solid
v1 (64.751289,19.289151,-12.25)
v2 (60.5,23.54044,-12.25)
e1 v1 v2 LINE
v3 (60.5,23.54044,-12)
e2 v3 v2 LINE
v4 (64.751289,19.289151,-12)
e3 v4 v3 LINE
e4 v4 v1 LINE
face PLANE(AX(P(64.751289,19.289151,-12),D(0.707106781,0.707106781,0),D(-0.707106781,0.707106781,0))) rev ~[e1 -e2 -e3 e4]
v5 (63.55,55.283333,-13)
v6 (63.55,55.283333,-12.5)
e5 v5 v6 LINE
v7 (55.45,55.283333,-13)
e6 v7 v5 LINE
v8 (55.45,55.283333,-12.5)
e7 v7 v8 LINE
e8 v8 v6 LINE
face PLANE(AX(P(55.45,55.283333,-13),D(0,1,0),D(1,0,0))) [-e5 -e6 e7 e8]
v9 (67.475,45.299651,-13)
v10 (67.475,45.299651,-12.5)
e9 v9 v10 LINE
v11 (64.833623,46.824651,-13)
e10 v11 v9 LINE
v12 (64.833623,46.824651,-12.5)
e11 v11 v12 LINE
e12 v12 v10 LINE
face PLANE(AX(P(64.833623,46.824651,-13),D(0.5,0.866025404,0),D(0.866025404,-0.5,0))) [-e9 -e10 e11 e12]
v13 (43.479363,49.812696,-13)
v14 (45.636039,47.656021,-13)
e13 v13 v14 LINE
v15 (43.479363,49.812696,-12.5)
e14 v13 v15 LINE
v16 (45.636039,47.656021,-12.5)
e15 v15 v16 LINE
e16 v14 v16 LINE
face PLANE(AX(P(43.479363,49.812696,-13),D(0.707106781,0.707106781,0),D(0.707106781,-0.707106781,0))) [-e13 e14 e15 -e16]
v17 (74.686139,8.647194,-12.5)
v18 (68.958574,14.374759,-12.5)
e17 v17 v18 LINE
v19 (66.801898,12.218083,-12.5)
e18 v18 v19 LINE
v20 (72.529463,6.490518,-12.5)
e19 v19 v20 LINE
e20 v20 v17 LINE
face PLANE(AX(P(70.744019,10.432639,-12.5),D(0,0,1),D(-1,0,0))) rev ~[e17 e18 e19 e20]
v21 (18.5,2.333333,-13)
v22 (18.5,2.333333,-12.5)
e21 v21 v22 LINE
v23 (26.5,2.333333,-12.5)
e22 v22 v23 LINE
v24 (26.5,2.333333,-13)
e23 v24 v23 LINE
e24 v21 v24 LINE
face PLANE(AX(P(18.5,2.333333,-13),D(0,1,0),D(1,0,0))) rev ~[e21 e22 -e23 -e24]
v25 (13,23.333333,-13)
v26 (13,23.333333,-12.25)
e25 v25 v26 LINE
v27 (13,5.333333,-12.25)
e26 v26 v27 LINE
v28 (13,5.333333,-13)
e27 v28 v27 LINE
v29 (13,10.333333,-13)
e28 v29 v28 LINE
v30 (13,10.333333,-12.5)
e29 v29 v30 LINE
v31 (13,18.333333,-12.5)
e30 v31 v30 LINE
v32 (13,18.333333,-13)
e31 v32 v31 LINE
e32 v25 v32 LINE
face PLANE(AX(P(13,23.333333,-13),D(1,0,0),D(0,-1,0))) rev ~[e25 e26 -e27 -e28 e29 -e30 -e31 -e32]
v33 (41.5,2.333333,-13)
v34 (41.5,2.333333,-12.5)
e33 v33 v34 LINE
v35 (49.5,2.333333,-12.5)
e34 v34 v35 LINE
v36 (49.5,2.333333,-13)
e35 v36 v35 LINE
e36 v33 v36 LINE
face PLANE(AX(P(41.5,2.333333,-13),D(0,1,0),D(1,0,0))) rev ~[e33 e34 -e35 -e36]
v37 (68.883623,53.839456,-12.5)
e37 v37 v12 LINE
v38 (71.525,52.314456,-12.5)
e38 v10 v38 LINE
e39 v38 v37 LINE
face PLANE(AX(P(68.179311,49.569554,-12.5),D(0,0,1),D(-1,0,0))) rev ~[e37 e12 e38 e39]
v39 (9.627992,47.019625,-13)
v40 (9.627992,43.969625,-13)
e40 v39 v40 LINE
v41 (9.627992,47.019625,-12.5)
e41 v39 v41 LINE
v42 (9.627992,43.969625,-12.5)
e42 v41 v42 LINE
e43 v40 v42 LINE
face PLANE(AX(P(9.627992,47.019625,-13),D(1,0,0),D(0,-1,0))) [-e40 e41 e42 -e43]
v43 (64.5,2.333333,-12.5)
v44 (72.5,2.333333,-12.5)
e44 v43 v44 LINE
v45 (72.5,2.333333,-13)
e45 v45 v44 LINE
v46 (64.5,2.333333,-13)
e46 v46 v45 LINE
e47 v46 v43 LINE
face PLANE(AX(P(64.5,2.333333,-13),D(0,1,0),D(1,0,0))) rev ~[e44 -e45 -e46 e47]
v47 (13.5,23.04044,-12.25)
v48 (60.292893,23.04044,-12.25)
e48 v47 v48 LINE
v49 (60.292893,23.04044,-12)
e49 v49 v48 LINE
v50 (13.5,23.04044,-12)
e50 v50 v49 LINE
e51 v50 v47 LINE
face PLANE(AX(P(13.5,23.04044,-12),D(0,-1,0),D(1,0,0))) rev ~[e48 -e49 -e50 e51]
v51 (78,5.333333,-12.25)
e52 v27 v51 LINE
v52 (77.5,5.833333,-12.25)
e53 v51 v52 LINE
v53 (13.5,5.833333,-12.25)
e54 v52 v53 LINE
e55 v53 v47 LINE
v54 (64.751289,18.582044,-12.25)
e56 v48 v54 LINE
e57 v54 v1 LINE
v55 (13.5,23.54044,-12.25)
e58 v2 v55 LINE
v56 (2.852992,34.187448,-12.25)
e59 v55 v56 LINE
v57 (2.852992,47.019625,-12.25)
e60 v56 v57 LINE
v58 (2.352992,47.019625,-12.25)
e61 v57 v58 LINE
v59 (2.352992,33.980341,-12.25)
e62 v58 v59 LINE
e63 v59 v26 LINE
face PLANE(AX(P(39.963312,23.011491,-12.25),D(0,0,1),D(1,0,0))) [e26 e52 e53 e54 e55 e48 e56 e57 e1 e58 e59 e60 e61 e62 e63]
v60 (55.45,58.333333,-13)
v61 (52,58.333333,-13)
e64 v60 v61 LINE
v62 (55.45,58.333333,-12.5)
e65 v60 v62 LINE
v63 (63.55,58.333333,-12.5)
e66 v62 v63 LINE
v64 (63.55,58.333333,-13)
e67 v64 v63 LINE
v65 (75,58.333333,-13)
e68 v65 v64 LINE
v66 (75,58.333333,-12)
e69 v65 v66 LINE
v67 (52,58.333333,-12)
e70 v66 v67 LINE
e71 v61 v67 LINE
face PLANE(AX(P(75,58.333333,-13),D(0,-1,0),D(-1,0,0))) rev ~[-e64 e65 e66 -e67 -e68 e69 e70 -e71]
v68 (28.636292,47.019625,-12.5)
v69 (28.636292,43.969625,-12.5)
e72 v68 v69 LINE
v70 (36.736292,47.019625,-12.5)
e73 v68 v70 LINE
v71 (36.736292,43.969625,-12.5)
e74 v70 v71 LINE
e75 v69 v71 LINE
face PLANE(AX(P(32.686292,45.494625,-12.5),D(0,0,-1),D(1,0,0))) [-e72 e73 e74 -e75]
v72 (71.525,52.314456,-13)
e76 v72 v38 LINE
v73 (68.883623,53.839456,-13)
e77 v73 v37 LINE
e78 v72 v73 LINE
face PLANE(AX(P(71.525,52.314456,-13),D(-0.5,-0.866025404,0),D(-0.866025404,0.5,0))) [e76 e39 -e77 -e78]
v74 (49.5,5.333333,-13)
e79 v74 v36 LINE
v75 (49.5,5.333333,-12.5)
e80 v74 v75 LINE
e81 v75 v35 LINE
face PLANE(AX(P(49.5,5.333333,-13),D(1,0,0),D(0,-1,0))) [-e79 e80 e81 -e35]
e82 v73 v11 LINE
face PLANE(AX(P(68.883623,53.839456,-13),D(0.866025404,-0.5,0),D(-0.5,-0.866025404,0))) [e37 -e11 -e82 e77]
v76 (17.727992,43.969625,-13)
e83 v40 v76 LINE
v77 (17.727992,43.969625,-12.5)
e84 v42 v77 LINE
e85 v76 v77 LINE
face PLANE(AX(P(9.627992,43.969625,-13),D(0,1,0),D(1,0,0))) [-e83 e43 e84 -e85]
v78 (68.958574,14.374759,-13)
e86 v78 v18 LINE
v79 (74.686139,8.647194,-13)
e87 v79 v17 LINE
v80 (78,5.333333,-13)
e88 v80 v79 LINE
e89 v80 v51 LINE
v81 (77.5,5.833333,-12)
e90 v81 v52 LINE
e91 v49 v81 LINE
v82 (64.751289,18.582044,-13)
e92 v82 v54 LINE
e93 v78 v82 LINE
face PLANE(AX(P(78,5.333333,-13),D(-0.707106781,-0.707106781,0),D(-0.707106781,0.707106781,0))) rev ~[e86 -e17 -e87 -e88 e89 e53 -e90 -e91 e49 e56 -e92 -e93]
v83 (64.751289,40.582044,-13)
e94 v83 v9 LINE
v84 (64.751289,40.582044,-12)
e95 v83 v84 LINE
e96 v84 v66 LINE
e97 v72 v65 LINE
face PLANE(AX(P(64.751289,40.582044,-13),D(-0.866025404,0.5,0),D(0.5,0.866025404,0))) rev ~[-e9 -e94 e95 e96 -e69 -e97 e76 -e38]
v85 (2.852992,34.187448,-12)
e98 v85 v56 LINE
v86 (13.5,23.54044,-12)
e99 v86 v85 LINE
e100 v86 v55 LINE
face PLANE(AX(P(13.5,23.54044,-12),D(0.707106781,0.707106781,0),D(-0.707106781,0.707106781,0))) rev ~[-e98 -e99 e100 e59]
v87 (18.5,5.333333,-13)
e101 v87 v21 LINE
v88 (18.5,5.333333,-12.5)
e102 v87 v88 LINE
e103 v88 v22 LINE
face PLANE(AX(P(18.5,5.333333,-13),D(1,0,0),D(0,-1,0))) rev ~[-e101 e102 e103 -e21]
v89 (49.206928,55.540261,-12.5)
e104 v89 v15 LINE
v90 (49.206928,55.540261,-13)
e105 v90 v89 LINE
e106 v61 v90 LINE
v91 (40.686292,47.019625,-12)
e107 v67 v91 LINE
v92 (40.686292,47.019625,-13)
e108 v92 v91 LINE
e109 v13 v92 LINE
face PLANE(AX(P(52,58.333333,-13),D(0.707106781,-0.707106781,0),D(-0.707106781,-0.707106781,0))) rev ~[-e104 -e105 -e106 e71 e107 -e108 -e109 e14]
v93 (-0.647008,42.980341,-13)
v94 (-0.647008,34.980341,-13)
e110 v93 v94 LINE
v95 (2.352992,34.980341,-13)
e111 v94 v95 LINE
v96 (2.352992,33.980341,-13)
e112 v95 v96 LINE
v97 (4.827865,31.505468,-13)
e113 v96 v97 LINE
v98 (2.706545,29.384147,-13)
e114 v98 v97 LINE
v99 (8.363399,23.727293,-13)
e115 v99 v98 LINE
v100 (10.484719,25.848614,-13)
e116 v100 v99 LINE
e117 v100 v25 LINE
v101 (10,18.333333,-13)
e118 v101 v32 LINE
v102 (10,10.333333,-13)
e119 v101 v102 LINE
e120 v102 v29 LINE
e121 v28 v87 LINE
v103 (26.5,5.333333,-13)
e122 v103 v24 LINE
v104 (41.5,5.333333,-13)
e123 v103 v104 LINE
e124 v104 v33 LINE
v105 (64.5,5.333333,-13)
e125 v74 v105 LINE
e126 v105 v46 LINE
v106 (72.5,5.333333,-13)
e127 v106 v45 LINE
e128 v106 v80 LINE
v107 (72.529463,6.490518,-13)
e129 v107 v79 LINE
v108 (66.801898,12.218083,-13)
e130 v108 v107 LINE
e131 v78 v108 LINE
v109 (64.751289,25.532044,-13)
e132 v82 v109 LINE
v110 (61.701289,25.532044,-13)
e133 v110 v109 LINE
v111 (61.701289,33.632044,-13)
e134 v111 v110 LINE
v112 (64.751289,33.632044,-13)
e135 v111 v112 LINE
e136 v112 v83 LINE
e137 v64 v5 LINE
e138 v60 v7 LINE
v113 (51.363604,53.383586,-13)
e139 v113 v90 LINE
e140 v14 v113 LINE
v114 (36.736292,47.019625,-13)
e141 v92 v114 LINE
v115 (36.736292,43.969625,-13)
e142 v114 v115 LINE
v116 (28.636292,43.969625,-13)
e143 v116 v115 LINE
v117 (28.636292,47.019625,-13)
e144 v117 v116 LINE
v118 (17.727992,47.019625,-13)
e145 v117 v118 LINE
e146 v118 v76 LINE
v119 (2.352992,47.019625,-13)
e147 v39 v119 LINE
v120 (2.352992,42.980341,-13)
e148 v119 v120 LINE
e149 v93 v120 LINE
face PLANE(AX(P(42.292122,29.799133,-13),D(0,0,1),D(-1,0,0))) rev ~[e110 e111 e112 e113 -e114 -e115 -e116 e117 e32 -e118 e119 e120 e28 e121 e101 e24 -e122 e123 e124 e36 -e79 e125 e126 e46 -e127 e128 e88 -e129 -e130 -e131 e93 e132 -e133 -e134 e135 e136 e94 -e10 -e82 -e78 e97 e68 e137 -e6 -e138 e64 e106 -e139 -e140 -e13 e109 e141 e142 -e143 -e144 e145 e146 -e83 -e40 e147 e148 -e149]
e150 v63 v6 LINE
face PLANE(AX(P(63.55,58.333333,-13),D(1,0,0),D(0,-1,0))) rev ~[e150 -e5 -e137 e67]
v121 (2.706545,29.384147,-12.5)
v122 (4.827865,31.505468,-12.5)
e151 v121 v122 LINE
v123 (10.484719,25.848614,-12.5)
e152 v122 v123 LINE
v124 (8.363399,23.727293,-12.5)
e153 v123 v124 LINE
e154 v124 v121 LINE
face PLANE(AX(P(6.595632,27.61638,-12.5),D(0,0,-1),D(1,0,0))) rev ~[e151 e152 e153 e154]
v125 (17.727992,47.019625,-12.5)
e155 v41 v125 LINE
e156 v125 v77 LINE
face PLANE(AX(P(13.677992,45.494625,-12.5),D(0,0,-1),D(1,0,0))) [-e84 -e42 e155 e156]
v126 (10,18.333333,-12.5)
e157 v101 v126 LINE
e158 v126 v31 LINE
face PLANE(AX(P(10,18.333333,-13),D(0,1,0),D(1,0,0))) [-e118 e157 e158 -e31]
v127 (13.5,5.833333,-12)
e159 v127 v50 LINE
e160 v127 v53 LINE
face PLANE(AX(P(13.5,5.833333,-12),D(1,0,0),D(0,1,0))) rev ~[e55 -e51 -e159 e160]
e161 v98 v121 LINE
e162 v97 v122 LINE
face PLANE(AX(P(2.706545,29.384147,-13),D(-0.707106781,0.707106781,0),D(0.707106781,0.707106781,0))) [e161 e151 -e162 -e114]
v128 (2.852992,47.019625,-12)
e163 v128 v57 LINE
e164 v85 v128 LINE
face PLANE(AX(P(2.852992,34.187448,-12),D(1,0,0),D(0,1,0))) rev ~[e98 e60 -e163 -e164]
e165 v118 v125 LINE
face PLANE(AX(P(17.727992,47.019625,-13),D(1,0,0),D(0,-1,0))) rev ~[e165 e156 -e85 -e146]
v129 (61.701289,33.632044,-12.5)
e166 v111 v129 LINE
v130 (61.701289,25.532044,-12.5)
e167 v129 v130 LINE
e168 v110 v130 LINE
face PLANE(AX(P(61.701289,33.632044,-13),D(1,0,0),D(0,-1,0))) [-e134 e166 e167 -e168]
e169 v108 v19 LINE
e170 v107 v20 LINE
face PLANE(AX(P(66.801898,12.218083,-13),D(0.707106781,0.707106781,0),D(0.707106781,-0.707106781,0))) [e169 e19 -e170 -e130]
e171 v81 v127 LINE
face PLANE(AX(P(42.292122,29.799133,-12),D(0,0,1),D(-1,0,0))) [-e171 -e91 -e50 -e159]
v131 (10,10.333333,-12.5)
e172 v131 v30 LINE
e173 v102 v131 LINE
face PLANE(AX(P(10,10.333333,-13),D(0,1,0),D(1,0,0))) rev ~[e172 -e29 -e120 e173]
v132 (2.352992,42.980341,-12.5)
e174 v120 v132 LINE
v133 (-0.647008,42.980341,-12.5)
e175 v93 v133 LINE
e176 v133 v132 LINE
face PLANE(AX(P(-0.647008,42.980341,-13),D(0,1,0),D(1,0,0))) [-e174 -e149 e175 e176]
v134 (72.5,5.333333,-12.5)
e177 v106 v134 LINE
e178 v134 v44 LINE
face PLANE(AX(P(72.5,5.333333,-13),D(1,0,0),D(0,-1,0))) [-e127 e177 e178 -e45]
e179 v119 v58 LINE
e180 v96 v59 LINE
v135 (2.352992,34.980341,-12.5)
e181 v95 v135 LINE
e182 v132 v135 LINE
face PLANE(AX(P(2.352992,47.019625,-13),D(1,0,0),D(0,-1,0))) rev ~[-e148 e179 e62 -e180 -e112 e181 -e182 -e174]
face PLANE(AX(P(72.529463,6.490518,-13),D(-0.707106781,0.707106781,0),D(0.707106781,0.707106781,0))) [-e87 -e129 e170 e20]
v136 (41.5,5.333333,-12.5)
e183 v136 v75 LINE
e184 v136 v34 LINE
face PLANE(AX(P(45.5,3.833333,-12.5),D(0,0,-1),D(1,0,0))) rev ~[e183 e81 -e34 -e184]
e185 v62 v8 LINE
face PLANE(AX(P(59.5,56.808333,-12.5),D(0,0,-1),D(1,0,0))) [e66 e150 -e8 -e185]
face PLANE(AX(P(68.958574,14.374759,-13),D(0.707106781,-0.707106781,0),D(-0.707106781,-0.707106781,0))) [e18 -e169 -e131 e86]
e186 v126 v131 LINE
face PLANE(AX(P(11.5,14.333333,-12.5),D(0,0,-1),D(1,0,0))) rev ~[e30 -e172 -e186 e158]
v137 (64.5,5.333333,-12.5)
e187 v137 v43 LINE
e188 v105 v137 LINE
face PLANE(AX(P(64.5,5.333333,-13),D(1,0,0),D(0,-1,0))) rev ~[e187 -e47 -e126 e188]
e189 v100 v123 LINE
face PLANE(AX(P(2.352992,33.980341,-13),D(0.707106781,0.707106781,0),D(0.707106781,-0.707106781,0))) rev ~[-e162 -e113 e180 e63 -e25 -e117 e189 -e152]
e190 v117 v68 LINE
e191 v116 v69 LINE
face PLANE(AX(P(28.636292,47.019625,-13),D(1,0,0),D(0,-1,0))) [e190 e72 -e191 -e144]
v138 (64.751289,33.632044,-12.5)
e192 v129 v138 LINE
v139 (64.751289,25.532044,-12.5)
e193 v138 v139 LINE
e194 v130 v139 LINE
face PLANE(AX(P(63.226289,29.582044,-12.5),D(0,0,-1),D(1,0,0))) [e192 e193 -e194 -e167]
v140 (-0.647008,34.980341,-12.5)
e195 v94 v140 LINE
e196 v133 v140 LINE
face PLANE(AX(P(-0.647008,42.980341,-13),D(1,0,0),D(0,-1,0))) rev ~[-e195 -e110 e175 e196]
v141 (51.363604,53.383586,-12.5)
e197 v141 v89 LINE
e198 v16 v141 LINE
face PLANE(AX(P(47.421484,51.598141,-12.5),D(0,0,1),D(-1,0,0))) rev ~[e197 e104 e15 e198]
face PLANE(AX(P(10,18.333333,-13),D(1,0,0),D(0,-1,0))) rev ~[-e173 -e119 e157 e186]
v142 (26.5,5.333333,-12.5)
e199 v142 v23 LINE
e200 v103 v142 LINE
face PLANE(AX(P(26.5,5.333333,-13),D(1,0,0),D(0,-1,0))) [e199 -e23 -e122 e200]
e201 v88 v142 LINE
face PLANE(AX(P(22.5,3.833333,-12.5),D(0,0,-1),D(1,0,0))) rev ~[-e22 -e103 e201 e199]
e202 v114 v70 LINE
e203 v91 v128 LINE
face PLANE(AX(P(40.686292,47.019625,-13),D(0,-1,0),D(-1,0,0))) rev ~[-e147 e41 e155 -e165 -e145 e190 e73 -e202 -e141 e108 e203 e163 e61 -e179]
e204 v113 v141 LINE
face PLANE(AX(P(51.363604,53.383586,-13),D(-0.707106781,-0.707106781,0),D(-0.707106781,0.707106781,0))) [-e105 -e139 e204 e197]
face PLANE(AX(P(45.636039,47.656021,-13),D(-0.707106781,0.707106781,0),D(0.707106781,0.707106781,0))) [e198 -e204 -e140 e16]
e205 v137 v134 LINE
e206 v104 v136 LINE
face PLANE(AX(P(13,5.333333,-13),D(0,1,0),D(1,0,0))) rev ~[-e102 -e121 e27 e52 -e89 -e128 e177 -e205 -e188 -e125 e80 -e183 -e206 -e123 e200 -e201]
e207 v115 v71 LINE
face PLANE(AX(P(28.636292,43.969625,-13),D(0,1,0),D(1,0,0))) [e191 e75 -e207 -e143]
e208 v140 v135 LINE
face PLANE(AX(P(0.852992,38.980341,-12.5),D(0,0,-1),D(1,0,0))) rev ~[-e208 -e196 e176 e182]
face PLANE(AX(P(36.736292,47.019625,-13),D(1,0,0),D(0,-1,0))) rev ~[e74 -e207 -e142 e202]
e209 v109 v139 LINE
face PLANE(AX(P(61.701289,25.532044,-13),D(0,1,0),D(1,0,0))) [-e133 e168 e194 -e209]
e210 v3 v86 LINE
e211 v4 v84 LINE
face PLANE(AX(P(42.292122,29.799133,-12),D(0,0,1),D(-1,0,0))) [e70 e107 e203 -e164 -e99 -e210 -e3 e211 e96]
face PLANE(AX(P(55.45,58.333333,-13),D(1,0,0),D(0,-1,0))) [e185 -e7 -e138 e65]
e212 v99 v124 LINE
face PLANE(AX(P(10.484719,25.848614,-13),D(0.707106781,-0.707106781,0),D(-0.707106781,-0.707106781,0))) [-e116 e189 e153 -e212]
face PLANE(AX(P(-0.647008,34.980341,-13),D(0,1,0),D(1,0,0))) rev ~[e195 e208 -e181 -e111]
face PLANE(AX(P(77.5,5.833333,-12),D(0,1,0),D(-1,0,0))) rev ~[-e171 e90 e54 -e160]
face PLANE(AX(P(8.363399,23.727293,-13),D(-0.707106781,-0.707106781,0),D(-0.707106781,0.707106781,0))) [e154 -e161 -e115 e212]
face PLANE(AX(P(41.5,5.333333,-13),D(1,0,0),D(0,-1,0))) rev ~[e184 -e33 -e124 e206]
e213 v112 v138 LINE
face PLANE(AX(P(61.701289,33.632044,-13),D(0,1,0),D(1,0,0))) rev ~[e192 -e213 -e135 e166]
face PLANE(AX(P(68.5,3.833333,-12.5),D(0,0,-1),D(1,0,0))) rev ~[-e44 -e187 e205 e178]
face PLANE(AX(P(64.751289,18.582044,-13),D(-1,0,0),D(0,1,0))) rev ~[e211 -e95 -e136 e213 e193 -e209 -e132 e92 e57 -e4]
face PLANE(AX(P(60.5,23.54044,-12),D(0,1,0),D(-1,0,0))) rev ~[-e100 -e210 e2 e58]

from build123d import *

# Parameters (mm, degrees)
PAD025_DEPTH    = 1
SKETCH038_W     = 8.1
SKETCH038_H     = 3.05
SKETCH038_W_2   = 3.05
SKETCH038_H_2   = 8.1
POCKET013_DEPTH = 0.5
POCKET014_DEPTH = 0.25
POCKET015_DEPTH = 0.25
SKETCH041_W     = 8
SKETCH041_H     = 3
SKETCH041_W_2   = 3
SKETCH041_H_2   = 8
PAD026_DEPTH    = 0.5


with BuildPart() as part:
    # Sketch037 (on Face2 of Binder012) → Pad025 (new body)
    with BuildSketch(Plane(origin=(0, 0, -13), x_dir=(1, 0, 0), z_dir=(0, 0, -1))):
        Polygon((75, -58.333333), (52, -58.333333), (40.686291501, -47.019624501), (2.352991501, -47.019624501), (2.352991501, -33.980341499), (13, -23.333333), (13, -5.333333), (78, -5.333333), (64.751288694, -18.582044306), (64.751288694, -40.582044306), align=None)
    extrude(amount=-PAD025_DEPTH)

    # Sketch038 (on Face11 of Pad025) → Pocket013 (cut)
    with BuildSketch(Plane(origin=(0, 0, -13), x_dir=(1, 0, 0), z_dir=(0, 0, -1))):
        with Locations((13.677991501, -45.494624501)):
            Rectangle(SKETCH038_W, SKETCH038_H)
        with Locations((32.686291501, -45.494624501)):
            Rectangle(SKETCH038_W, SKETCH038_H)
        with Locations((63.226288694, -29.582044306)):
            Rectangle(SKETCH038_W_2, SKETCH038_H_2)
        Polygon((74.6861389697, -8.6471940303), (68.9585740421, -14.3747589579), (66.8018983595, -12.2180832753), (72.5294632871, -6.4905183477), align=None)
        Polygon((67.475, -45.299650673), (71.525, -52.3144564437), (68.8836225185, -53.8394564437), (64.8336225185, -46.824650673), align=None)
        Polygon((49.2069282143, -55.5402612143), (43.4793632867, -49.8126962867), (45.6360389693, -47.6560206041), (51.3636038969, -53.3835855317), align=None)
        with Locations((59.5, -56.808333)):
            Rectangle(SKETCH038_W, SKETCH038_H)
    extrude(amount=-POCKET013_DEPTH, mode=Mode.SUBTRACT)

    # Sketch039 (on Face7 of Pocket013) → Pocket014 (cut)
    with BuildSketch(Plane.XY.offset(-12)):
        Polygon((2.352991501, 47.019624501), (2.352991501, 33.980341499), (13, 23.333333), (13, 5.333333), (78, 5.333333), (77.5, 5.833333), (13.5, 5.833333), (13.5, 23.5404397812), (2.852991501, 34.1874482802), (2.852991501, 47.019624501), align=None)
    extrude(amount=-POCKET014_DEPTH, mode=Mode.SUBTRACT)

    # Sketch040 (on Face7 of Pocket014) → Pocket015 (cut)
    with BuildSketch(Plane.XY.offset(-12)):
        Polygon((64.751288694, 19.2891510872), (60.5, 23.5404397812), (13.5, 23.5404397812), (13.5, 23.0404397812), (60.2928932188, 23.0404397812), (64.751288694, 18.582044306), align=None)
    extrude(amount=-POCKET015_DEPTH, mode=Mode.SUBTRACT)

    # Sketch041 (on Face2 of Pocket015) → Pad026 (join)
    with BuildSketch(Plane(origin=(0, 0, -13), x_dir=(1, 0, 0), z_dir=(0, 0, -1))):
        with Locations((68.5, -3.833333)):
            Rectangle(SKETCH041_W, SKETCH041_H)
        with Locations((45.5, -3.833333)):
            Rectangle(SKETCH041_W, SKETCH041_H)
        with Locations((22.5, -3.833333)):
            Rectangle(SKETCH041_W, SKETCH041_H)
        with Locations((11.5, -14.333333)):
            Rectangle(SKETCH041_W_2, SKETCH041_H_2)
        with Locations((0.852991501, -38.980341499)):
            Rectangle(SKETCH041_W_2, SKETCH041_H_2)
        Polygon((4.8278652352, -31.5054677648), (10.4847194847, -25.8486135153), (8.3633991411, -23.7272931718), (2.7065448916, -29.3841474213), align=None)
    extrude(amount=-PAD026_DEPTH)


solid = part.part
